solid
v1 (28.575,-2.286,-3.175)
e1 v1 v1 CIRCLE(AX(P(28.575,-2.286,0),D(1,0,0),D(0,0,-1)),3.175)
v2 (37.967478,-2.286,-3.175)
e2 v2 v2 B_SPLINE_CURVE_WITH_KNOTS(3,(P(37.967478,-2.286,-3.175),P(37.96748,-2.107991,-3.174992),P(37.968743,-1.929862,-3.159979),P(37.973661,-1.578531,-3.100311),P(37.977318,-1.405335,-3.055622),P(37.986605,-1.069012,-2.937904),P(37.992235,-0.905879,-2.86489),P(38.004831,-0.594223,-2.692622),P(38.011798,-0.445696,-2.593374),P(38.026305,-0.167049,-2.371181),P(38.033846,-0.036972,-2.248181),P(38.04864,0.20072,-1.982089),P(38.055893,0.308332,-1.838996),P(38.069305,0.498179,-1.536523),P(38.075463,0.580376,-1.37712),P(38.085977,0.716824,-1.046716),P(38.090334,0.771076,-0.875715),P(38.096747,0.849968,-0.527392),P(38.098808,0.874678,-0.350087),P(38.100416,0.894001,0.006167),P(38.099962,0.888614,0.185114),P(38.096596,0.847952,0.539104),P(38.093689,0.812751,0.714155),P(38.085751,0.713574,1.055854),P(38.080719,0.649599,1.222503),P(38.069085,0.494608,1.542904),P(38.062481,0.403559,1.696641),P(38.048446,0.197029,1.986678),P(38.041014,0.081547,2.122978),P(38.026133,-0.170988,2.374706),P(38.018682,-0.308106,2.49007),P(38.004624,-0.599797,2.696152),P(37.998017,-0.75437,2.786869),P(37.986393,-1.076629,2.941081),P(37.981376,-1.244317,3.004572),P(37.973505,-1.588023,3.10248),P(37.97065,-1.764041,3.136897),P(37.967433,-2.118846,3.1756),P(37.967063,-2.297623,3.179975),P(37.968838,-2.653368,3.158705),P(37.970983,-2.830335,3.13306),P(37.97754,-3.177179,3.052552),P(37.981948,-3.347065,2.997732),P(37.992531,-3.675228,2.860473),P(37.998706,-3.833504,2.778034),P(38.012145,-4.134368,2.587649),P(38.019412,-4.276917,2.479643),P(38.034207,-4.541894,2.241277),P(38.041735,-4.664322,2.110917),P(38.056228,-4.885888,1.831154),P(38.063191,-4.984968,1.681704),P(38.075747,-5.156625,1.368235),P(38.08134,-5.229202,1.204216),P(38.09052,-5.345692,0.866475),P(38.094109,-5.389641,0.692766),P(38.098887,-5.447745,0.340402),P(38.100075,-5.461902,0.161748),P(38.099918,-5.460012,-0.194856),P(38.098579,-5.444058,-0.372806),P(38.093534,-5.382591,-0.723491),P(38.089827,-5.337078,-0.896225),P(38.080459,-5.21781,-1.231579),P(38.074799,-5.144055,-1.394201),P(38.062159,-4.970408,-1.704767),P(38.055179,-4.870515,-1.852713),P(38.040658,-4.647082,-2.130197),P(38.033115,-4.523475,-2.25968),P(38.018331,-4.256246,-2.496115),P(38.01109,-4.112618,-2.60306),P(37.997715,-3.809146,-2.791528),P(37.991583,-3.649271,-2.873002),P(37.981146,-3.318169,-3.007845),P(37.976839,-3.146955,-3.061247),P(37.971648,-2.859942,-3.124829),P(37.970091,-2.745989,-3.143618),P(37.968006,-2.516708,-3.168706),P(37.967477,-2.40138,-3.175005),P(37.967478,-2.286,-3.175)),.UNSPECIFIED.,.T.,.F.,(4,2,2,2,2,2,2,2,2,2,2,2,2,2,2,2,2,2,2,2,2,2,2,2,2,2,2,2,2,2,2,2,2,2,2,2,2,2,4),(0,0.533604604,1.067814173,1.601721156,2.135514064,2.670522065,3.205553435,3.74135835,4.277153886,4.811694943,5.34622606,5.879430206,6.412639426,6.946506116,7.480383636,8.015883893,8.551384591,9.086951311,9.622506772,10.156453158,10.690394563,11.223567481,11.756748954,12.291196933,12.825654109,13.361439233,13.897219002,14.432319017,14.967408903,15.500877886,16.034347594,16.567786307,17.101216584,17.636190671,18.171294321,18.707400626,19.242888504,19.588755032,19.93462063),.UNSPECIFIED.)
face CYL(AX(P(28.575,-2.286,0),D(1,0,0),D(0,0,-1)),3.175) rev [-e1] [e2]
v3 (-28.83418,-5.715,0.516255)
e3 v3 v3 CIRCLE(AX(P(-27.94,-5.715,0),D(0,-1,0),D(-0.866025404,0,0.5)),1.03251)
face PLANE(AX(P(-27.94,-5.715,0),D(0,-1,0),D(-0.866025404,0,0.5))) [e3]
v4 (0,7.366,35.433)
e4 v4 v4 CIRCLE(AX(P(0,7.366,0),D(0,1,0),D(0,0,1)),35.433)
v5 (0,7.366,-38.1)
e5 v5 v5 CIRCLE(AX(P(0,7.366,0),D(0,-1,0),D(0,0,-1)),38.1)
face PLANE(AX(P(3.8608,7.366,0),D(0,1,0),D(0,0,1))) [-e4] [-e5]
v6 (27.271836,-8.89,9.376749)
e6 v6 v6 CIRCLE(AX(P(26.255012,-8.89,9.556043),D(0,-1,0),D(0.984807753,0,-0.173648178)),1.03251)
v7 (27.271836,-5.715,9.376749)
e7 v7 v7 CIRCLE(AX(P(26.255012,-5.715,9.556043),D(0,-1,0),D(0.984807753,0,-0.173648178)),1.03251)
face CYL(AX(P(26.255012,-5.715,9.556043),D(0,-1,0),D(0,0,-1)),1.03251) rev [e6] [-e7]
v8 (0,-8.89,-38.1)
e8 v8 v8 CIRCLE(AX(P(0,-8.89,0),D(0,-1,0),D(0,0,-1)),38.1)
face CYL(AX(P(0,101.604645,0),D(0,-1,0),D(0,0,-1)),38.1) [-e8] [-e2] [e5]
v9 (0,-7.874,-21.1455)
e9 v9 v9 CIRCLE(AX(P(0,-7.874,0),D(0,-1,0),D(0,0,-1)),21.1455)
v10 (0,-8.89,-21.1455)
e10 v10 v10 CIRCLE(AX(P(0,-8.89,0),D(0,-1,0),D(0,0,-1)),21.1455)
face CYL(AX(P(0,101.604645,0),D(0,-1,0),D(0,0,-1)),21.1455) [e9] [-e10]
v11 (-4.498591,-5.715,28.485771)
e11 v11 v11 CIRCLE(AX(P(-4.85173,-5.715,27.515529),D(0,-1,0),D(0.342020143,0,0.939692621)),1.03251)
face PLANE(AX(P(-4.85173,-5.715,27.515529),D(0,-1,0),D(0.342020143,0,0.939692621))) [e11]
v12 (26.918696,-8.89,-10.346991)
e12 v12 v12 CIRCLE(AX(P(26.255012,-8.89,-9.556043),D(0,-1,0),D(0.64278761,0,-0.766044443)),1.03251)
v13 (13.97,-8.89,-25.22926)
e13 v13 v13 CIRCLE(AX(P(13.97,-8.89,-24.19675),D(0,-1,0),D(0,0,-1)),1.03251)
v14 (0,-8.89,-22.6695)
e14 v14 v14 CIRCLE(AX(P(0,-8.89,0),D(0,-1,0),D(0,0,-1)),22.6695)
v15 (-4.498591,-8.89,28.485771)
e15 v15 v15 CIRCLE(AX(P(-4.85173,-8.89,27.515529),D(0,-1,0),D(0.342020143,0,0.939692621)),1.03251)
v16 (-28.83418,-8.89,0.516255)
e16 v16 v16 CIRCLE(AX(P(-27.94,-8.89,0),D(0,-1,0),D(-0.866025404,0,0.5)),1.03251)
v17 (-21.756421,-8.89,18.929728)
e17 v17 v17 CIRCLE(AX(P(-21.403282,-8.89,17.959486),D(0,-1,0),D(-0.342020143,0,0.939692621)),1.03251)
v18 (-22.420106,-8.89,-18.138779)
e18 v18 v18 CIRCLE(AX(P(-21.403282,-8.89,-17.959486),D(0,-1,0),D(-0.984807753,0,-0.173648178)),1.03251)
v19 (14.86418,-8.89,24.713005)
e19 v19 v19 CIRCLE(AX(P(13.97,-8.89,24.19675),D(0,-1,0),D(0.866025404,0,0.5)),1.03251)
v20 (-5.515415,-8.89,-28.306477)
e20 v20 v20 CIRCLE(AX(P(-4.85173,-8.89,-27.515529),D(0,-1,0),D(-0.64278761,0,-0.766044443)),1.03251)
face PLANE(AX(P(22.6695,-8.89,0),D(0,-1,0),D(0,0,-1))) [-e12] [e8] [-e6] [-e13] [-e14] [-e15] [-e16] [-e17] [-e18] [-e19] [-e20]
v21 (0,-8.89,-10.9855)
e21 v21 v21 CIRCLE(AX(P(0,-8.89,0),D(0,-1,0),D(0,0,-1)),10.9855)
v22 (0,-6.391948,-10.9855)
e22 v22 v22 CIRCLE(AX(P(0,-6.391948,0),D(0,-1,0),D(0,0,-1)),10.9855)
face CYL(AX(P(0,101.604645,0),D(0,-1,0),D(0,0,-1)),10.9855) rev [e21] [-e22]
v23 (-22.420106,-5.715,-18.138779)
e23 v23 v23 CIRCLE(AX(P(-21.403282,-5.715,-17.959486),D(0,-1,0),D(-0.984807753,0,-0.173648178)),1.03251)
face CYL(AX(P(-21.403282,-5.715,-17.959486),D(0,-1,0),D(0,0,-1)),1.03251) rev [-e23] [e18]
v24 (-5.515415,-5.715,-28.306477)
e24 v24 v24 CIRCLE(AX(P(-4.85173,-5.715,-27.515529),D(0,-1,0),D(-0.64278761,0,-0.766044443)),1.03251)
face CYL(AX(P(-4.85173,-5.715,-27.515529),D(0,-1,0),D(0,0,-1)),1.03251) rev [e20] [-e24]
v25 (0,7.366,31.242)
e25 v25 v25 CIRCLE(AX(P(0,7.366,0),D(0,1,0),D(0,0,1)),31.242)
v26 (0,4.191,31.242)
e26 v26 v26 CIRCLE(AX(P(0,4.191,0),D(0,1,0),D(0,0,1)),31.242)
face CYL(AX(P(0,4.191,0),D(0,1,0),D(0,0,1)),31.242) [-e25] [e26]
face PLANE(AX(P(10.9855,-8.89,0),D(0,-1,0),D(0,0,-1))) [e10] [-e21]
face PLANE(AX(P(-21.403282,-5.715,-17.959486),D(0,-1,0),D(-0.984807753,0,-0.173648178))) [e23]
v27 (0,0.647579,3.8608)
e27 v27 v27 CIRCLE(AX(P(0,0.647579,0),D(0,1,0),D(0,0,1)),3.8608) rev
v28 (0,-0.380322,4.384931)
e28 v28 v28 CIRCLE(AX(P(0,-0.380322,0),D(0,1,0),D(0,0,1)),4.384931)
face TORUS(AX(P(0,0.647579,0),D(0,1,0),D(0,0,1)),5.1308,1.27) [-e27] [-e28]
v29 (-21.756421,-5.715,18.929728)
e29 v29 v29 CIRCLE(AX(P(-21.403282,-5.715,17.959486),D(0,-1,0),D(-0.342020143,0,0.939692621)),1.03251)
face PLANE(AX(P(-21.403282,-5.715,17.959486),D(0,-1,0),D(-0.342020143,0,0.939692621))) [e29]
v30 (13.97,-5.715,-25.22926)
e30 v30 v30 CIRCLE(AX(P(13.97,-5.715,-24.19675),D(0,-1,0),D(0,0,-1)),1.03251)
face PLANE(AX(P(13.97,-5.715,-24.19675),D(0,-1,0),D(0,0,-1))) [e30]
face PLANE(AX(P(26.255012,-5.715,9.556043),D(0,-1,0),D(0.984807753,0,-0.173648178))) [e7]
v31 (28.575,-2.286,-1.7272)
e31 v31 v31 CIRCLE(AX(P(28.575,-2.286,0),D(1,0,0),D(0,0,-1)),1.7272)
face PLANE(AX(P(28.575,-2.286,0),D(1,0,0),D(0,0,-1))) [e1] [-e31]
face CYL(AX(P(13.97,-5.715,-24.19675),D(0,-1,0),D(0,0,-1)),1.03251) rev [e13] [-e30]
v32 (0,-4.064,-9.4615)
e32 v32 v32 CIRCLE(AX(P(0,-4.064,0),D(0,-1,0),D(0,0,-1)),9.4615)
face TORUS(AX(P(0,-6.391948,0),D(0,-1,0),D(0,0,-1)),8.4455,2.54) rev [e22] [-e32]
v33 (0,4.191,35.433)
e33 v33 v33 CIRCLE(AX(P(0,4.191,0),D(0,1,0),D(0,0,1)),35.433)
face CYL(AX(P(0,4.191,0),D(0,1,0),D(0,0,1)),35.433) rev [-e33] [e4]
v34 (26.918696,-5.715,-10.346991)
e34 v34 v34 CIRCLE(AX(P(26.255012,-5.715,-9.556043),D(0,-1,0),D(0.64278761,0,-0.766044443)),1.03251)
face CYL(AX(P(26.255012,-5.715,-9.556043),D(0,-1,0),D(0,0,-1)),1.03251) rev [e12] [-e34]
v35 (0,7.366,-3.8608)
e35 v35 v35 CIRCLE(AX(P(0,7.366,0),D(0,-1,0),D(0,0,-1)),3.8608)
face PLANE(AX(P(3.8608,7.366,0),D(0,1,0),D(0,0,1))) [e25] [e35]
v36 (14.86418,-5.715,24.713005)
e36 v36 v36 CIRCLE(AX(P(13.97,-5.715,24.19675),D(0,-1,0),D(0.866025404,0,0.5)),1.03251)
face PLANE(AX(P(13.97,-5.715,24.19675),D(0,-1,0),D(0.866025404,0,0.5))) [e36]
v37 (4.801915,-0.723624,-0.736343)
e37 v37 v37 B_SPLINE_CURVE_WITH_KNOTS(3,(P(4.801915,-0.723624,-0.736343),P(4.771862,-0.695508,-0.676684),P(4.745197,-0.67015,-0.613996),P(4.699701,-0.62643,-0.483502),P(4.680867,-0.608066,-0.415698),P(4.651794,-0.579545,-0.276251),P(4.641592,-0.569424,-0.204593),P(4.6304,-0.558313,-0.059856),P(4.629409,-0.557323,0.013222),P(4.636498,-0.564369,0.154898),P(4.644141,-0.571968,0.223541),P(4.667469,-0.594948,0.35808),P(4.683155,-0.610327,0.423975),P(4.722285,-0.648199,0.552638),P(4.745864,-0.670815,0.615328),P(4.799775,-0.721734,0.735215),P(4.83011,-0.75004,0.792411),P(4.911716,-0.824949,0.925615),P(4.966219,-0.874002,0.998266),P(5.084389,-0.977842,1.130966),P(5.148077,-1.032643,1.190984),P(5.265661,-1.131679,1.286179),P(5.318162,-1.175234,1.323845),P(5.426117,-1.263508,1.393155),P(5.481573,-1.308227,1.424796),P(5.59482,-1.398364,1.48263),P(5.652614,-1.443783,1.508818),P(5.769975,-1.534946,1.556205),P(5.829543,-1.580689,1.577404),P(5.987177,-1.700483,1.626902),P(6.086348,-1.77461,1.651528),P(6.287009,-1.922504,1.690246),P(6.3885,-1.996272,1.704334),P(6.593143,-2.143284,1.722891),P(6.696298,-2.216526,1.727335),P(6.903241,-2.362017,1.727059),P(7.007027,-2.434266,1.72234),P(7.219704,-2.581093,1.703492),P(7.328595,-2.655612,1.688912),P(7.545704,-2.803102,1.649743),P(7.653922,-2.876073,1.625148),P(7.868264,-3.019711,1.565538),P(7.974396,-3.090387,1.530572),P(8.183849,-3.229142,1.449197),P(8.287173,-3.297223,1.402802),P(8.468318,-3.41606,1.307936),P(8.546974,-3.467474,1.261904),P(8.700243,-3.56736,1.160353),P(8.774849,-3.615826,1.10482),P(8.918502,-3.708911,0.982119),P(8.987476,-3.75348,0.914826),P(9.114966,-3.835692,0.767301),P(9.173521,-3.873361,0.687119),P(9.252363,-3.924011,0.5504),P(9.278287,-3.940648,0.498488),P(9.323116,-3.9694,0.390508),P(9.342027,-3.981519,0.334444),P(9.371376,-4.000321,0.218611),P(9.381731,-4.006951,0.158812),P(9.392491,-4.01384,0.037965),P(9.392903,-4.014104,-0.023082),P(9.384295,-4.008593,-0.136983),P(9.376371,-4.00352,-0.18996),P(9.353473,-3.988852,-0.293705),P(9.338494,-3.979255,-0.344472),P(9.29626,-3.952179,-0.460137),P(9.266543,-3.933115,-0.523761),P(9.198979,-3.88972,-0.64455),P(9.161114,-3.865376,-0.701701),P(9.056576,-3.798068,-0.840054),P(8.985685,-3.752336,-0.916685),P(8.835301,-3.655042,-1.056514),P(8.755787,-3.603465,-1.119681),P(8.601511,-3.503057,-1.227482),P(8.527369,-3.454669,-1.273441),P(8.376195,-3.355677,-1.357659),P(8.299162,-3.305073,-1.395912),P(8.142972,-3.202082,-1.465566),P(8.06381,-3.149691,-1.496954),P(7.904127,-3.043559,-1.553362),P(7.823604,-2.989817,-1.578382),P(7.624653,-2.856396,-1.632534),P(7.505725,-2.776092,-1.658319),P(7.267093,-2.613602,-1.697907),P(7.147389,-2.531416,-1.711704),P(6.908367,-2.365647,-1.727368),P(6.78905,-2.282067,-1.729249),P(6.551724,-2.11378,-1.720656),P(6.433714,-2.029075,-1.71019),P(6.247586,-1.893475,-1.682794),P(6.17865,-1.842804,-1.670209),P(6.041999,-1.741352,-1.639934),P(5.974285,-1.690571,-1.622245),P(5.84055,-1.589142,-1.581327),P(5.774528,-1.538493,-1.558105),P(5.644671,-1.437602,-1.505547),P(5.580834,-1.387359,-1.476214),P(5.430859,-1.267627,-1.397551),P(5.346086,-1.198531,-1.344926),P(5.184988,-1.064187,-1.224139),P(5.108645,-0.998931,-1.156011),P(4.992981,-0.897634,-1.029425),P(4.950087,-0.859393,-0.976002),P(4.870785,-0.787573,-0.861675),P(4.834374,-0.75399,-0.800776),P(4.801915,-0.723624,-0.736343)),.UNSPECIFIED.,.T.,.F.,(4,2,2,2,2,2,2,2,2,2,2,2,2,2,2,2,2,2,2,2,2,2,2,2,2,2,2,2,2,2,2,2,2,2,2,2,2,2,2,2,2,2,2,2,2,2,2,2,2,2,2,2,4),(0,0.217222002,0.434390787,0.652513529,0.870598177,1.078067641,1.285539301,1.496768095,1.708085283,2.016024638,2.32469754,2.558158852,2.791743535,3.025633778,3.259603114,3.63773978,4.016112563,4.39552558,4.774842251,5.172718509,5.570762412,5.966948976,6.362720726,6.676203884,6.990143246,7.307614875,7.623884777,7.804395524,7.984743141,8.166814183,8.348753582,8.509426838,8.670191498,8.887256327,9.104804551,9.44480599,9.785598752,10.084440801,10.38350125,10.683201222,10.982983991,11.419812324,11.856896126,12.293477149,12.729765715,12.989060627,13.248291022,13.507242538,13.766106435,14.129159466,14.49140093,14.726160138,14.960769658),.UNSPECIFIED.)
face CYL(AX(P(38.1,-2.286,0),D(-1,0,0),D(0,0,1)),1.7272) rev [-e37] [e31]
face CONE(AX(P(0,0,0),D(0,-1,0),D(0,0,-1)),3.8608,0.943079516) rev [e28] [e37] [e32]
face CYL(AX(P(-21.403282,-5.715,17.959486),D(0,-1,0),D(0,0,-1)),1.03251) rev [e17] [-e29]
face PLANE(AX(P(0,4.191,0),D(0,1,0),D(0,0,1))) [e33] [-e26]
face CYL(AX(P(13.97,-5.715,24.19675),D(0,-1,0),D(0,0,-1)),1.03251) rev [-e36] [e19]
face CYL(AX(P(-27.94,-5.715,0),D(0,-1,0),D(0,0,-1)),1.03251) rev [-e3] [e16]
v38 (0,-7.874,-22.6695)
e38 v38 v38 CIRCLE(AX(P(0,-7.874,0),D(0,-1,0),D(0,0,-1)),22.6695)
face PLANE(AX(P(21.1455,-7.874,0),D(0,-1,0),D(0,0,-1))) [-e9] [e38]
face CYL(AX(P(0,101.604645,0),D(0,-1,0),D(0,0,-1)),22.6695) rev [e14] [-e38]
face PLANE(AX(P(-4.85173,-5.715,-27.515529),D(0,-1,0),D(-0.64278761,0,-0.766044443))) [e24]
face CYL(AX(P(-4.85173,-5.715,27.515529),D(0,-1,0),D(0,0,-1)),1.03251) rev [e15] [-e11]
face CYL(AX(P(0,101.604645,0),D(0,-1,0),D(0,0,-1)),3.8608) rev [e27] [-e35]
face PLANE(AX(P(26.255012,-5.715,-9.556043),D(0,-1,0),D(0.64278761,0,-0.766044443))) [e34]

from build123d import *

# Parameters (mm, degrees)
SKETCH2_R          = 1.7272
CUT_EXTRUDE1_DEPTH = 55.61
SKETCH3_R          = 35.433
SKETCH3_R_2        = 31.242
CUT_EXTRUDE2_DEPTH = 3.175
SKETCH4_R          = 1.03251
CUT_EXTRUDE3_DEPTH = 3.175
CIRPATTERN1_COUNT  = 9
SKETCH5_R          = 3.175
CUT_EXTRUDE4_DEPTH = 9.525
FILLET1_R          = 1.27


with BuildPart() as part:
    # Sketch1 → Revolve1 (revolve)
    with BuildSketch(Plane.XY):
        with BuildLine():
            Line((3.8608, 7.366), (38.1, 7.366))
            Line((38.1, 7.366), (38.1, -8.89))
            Line((38.1, -8.89), (22.6695, -8.89))
            Line((22.6695, -8.89), (22.6695, -7.874))
            Line((22.6695, -7.874), (21.1455, -7.874))
            Line((21.1455, -7.874), (21.1455, -8.89))
            Line((21.1455, -8.89), (10.9855, -8.89))
            Line((10.9855, -8.89), (10.9855, -6.391948453))
            ThreePointArc((10.9855, -6.391948453), (10.570616467, -5.000733157), (9.4615, -4.064))
            Line((9.4615, -4.064), (3.8608, 0))
            Line((3.8608, 0), (3.8608, 7.366))
        make_face()
    revolve(axis=Axis((0, 101.60464546, 0), (0, 1, 0)))

    # Sketch2 → Cut-Extrude1 (cut, through all)
    with BuildSketch(Plane(origin=(0, 0, 0), x_dir=(0, 0, -1), z_dir=(1, 0, 0))):
        with Locations((0, -2.286)):
            Circle(SKETCH2_R)
    extrude(amount=CUT_EXTRUDE1_DEPTH, mode=Mode.SUBTRACT)

    # Sketch3 → Cut-Extrude2 (cut)
    with BuildSketch(Plane(origin=(0, 7.366, 0), x_dir=(1, 0, 0), z_dir=(0, 1, 0))):
        Circle(SKETCH3_R)
        Circle(SKETCH3_R_2, mode=Mode.SUBTRACT)
    extrude(amount=-CUT_EXTRUDE2_DEPTH, mode=Mode.SUBTRACT)

    # Sketch4 → Cut-Extrude3 (cut)
    with BuildSketch(Plane(origin=(0, -8.89, 0), x_dir=(-1, 0, 0), z_dir=(0, -1, 0))):
        with Locations((-13.97, 24.196749782)):
            Circle(SKETCH4_R)
    cut_extrude3 = extrude(amount=-CUT_EXTRUDE3_DEPTH, mode=Mode.SUBTRACT)

    # CirPattern1: Cut-Extrude3 ×9 about axis
    cirpattern1_axis = Axis((0, 7.366, 0), (0, -1, 0))
    for i in range(1, CIRPATTERN1_COUNT):
        add(cut_extrude3.rotate(cirpattern1_axis, i * 360 / CIRPATTERN1_COUNT), mode=Mode.SUBTRACT)

    # Sketch5 → Cut-Extrude4 (cut)
    with BuildSketch(Plane(origin=(38.1, 0, 0), x_dir=(0, 0, -1), z_dir=(1, 0, 0))):
        with Locations((0, -2.286)):
            Circle(SKETCH5_R)
    extrude(amount=-CUT_EXTRUDE4_DEPTH, mode=Mode.SUBTRACT)

    # Fillet1
    fillet1_edges = [part.edges().sort_by_distance(p)[0] for p in [
        (-3.8608, 0, 0),
    ]]
    fillet(fillet1_edges, radius=FILLET1_R)


solid = part.part
